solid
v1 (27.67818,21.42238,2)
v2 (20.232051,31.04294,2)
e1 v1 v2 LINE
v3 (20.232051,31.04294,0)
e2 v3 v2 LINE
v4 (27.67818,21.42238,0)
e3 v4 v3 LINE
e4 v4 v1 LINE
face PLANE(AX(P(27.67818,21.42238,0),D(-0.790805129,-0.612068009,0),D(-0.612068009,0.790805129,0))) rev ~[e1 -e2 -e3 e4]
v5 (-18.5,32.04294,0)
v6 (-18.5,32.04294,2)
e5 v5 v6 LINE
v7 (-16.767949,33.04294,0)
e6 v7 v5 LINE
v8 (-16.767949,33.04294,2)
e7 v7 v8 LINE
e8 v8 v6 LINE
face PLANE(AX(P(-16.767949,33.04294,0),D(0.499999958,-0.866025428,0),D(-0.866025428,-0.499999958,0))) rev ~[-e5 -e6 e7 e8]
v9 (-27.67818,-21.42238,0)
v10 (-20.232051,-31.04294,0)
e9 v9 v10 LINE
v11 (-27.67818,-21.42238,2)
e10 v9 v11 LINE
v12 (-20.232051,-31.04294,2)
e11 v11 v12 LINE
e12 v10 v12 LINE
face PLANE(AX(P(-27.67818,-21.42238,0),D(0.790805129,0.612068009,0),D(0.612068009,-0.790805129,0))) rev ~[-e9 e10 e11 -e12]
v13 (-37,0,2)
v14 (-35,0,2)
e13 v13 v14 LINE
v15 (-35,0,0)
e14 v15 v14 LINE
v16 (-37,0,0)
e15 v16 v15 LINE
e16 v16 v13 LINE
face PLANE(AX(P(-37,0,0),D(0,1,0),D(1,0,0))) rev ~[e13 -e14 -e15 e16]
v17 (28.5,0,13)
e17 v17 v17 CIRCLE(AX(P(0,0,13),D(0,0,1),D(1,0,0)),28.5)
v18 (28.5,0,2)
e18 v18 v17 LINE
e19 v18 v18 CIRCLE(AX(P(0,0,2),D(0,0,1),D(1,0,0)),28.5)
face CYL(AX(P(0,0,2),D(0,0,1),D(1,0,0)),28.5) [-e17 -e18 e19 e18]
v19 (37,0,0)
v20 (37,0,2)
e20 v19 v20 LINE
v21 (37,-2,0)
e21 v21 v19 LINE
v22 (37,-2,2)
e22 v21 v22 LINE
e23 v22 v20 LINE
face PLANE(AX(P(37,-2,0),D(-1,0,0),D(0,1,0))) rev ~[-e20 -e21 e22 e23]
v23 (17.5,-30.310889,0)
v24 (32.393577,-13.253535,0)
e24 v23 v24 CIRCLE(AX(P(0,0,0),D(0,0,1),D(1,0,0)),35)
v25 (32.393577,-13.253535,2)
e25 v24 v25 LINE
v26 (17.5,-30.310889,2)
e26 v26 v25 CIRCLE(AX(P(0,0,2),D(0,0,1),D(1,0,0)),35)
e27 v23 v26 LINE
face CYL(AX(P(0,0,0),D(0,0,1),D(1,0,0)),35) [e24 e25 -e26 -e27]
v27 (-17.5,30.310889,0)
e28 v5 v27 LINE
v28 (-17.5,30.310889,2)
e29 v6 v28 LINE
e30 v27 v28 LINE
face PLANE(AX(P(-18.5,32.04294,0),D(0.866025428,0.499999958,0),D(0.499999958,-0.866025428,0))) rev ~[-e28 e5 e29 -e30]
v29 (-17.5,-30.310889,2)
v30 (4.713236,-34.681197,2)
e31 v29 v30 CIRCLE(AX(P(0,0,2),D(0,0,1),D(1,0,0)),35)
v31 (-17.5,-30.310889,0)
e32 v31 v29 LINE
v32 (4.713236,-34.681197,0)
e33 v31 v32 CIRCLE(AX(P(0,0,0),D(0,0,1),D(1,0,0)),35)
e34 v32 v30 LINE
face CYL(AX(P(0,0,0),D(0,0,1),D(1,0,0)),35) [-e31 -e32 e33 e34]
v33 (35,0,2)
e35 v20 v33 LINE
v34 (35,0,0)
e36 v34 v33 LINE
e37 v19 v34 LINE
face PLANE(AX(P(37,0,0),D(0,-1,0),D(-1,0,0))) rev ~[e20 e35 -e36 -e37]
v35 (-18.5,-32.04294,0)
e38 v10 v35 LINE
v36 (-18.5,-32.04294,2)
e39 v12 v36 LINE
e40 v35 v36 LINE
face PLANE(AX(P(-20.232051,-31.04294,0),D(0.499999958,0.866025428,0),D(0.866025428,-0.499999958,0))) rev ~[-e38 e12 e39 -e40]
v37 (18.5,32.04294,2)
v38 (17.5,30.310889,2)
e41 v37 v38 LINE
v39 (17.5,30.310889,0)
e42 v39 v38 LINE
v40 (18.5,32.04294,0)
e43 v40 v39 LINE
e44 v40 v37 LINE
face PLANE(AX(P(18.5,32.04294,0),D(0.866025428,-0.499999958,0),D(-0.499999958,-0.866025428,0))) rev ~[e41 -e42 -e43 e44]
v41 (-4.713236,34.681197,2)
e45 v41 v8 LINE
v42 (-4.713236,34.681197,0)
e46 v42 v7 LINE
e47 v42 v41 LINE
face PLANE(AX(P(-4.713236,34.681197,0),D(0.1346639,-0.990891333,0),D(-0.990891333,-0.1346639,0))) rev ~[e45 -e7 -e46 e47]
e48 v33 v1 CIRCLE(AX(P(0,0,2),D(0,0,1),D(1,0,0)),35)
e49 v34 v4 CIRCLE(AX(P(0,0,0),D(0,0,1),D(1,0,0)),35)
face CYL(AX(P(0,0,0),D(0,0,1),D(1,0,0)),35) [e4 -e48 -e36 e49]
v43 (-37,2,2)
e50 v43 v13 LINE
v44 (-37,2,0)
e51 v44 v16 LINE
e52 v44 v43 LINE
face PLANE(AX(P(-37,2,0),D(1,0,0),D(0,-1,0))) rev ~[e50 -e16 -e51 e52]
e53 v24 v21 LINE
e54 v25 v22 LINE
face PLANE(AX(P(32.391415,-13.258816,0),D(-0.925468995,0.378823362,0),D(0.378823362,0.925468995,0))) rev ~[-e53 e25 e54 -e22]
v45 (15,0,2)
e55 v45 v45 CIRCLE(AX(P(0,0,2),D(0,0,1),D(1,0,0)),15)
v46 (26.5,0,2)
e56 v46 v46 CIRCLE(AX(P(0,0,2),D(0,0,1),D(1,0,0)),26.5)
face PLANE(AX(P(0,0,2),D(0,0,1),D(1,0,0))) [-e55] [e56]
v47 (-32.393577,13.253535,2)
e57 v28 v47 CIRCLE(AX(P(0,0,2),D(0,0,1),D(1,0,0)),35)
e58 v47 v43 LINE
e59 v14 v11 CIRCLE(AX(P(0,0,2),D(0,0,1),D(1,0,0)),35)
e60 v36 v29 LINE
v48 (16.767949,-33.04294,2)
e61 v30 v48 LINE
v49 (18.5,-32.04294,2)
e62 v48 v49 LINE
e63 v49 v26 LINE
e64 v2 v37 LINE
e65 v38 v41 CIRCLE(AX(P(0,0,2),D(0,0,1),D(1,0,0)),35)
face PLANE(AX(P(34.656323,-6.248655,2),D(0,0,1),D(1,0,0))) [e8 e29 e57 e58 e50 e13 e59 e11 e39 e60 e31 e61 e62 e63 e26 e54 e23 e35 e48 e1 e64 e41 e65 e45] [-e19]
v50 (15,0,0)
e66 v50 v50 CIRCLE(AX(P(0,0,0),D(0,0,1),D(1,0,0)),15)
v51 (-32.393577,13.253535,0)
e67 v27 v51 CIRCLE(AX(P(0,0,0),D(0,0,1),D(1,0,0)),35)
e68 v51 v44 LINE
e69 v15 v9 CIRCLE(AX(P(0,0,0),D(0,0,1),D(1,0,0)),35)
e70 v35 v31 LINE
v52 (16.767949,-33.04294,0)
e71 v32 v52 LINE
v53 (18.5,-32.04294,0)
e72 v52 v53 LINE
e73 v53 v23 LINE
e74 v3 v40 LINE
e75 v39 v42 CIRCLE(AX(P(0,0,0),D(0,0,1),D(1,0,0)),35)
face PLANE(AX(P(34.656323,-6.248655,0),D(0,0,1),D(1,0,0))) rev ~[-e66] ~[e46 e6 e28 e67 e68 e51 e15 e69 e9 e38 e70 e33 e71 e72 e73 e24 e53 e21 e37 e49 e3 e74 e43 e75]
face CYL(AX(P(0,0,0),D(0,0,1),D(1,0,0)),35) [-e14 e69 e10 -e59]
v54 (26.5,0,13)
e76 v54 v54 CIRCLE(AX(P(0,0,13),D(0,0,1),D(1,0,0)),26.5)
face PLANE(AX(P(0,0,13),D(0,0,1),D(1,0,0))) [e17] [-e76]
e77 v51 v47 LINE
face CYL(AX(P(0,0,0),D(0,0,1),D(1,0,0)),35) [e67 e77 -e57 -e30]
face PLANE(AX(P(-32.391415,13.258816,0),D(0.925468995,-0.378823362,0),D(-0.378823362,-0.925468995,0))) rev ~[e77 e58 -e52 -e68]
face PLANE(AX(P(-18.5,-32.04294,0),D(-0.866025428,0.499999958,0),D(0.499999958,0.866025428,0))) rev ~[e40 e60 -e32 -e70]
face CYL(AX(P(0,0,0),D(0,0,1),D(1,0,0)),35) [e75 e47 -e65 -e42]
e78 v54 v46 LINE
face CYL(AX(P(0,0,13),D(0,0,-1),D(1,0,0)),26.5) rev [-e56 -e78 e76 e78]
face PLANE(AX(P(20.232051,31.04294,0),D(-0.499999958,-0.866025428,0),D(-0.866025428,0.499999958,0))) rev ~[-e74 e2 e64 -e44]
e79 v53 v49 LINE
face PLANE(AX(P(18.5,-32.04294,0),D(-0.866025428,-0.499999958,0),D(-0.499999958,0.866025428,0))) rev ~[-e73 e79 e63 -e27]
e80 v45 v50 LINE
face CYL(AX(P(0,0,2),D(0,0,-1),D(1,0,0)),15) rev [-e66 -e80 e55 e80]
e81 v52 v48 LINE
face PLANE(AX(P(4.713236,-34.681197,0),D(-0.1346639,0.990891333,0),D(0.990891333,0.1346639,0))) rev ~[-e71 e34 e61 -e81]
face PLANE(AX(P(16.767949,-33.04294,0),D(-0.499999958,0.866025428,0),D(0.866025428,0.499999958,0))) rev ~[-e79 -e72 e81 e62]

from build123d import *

# Parameters (mm, degrees)
F3_DEPTH = 2


with BuildPart() as f1:
    # F0 (on Front) → F1 (revolve)
    with BuildSketch(Plane.XZ):
        Polygon((15, 2), (15, 0), (28.5, 0), (35, 0), (35, 2), (28.5, 2), (28.5, 13), (26.5, 13), (26.5, 2), align=None)
    revolve(axis=Axis((0, 0, 7.332612), (0, 0, 1)))

    # F2 (on Top) → F3 (join)
    with BuildSketch(Plane.XY):
        with BuildLine():
            Line((37, 0), (35, 0))
            ThreePointArc((35, 0), (34.341662, -6.756496), (32.391415, -13.258816))
            Line((32.391415, -13.258816), (37, -2))
            Line((37, -2), (37, 0))
        make_face()
        with BuildLine():
            Line((18.5, -32.04294), (17.5, -30.310889))
            ThreePointArc((17.5, -30.310889), (11.319534, -33.119), (4.713236, -34.681197))
            Line((4.713236, -34.681197), (16.767949, -33.04294))
            Line((16.767949, -33.04294), (18.5, -32.04294))
        make_face()
        with BuildLine():
            ThreePointArc((17.5, 30.310889), (23.022128, 26.362504), (27.67818, 21.42238))
            Line((27.67818, 21.42238), (20.232051, 31.04294))
            Line((20.232051, 31.04294), (18.5, 32.04294))
            Line((18.5, 32.04294), (17.5, 30.310889))
        make_face()
        with BuildLine():
            ThreePointArc((-17.5, 30.310889), (-11.319534, 33.119), (-4.713236, 34.681197))
            Line((-4.713236, 34.681197), (-16.767949, 33.04294))
            Line((-16.767949, 33.04294), (-18.5, 32.04294))
            Line((-18.5, 32.04294), (-17.5, 30.310889))
        make_face()
        with BuildLine():
            ThreePointArc((-35, 0), (-34.341662, 6.756496), (-32.391415, 13.258816))
            Line((-32.391415, 13.258816), (-37, 2))
            Line((-37, 2), (-37, 0))
            Line((-37, 0), (-35, 0))
        make_face()
        with BuildLine():
            Line((-18.5, -32.04294), (-17.5, -30.310889))
            ThreePointArc((-17.5, -30.310889), (-23.022128, -26.362504), (-27.67818, -21.42238))
            Line((-27.67818, -21.42238), (-20.232051, -31.04294))
            Line((-20.232051, -31.04294), (-18.5, -32.04294))
        make_face()
    extrude(amount=F3_DEPTH)


solid = f1.part
